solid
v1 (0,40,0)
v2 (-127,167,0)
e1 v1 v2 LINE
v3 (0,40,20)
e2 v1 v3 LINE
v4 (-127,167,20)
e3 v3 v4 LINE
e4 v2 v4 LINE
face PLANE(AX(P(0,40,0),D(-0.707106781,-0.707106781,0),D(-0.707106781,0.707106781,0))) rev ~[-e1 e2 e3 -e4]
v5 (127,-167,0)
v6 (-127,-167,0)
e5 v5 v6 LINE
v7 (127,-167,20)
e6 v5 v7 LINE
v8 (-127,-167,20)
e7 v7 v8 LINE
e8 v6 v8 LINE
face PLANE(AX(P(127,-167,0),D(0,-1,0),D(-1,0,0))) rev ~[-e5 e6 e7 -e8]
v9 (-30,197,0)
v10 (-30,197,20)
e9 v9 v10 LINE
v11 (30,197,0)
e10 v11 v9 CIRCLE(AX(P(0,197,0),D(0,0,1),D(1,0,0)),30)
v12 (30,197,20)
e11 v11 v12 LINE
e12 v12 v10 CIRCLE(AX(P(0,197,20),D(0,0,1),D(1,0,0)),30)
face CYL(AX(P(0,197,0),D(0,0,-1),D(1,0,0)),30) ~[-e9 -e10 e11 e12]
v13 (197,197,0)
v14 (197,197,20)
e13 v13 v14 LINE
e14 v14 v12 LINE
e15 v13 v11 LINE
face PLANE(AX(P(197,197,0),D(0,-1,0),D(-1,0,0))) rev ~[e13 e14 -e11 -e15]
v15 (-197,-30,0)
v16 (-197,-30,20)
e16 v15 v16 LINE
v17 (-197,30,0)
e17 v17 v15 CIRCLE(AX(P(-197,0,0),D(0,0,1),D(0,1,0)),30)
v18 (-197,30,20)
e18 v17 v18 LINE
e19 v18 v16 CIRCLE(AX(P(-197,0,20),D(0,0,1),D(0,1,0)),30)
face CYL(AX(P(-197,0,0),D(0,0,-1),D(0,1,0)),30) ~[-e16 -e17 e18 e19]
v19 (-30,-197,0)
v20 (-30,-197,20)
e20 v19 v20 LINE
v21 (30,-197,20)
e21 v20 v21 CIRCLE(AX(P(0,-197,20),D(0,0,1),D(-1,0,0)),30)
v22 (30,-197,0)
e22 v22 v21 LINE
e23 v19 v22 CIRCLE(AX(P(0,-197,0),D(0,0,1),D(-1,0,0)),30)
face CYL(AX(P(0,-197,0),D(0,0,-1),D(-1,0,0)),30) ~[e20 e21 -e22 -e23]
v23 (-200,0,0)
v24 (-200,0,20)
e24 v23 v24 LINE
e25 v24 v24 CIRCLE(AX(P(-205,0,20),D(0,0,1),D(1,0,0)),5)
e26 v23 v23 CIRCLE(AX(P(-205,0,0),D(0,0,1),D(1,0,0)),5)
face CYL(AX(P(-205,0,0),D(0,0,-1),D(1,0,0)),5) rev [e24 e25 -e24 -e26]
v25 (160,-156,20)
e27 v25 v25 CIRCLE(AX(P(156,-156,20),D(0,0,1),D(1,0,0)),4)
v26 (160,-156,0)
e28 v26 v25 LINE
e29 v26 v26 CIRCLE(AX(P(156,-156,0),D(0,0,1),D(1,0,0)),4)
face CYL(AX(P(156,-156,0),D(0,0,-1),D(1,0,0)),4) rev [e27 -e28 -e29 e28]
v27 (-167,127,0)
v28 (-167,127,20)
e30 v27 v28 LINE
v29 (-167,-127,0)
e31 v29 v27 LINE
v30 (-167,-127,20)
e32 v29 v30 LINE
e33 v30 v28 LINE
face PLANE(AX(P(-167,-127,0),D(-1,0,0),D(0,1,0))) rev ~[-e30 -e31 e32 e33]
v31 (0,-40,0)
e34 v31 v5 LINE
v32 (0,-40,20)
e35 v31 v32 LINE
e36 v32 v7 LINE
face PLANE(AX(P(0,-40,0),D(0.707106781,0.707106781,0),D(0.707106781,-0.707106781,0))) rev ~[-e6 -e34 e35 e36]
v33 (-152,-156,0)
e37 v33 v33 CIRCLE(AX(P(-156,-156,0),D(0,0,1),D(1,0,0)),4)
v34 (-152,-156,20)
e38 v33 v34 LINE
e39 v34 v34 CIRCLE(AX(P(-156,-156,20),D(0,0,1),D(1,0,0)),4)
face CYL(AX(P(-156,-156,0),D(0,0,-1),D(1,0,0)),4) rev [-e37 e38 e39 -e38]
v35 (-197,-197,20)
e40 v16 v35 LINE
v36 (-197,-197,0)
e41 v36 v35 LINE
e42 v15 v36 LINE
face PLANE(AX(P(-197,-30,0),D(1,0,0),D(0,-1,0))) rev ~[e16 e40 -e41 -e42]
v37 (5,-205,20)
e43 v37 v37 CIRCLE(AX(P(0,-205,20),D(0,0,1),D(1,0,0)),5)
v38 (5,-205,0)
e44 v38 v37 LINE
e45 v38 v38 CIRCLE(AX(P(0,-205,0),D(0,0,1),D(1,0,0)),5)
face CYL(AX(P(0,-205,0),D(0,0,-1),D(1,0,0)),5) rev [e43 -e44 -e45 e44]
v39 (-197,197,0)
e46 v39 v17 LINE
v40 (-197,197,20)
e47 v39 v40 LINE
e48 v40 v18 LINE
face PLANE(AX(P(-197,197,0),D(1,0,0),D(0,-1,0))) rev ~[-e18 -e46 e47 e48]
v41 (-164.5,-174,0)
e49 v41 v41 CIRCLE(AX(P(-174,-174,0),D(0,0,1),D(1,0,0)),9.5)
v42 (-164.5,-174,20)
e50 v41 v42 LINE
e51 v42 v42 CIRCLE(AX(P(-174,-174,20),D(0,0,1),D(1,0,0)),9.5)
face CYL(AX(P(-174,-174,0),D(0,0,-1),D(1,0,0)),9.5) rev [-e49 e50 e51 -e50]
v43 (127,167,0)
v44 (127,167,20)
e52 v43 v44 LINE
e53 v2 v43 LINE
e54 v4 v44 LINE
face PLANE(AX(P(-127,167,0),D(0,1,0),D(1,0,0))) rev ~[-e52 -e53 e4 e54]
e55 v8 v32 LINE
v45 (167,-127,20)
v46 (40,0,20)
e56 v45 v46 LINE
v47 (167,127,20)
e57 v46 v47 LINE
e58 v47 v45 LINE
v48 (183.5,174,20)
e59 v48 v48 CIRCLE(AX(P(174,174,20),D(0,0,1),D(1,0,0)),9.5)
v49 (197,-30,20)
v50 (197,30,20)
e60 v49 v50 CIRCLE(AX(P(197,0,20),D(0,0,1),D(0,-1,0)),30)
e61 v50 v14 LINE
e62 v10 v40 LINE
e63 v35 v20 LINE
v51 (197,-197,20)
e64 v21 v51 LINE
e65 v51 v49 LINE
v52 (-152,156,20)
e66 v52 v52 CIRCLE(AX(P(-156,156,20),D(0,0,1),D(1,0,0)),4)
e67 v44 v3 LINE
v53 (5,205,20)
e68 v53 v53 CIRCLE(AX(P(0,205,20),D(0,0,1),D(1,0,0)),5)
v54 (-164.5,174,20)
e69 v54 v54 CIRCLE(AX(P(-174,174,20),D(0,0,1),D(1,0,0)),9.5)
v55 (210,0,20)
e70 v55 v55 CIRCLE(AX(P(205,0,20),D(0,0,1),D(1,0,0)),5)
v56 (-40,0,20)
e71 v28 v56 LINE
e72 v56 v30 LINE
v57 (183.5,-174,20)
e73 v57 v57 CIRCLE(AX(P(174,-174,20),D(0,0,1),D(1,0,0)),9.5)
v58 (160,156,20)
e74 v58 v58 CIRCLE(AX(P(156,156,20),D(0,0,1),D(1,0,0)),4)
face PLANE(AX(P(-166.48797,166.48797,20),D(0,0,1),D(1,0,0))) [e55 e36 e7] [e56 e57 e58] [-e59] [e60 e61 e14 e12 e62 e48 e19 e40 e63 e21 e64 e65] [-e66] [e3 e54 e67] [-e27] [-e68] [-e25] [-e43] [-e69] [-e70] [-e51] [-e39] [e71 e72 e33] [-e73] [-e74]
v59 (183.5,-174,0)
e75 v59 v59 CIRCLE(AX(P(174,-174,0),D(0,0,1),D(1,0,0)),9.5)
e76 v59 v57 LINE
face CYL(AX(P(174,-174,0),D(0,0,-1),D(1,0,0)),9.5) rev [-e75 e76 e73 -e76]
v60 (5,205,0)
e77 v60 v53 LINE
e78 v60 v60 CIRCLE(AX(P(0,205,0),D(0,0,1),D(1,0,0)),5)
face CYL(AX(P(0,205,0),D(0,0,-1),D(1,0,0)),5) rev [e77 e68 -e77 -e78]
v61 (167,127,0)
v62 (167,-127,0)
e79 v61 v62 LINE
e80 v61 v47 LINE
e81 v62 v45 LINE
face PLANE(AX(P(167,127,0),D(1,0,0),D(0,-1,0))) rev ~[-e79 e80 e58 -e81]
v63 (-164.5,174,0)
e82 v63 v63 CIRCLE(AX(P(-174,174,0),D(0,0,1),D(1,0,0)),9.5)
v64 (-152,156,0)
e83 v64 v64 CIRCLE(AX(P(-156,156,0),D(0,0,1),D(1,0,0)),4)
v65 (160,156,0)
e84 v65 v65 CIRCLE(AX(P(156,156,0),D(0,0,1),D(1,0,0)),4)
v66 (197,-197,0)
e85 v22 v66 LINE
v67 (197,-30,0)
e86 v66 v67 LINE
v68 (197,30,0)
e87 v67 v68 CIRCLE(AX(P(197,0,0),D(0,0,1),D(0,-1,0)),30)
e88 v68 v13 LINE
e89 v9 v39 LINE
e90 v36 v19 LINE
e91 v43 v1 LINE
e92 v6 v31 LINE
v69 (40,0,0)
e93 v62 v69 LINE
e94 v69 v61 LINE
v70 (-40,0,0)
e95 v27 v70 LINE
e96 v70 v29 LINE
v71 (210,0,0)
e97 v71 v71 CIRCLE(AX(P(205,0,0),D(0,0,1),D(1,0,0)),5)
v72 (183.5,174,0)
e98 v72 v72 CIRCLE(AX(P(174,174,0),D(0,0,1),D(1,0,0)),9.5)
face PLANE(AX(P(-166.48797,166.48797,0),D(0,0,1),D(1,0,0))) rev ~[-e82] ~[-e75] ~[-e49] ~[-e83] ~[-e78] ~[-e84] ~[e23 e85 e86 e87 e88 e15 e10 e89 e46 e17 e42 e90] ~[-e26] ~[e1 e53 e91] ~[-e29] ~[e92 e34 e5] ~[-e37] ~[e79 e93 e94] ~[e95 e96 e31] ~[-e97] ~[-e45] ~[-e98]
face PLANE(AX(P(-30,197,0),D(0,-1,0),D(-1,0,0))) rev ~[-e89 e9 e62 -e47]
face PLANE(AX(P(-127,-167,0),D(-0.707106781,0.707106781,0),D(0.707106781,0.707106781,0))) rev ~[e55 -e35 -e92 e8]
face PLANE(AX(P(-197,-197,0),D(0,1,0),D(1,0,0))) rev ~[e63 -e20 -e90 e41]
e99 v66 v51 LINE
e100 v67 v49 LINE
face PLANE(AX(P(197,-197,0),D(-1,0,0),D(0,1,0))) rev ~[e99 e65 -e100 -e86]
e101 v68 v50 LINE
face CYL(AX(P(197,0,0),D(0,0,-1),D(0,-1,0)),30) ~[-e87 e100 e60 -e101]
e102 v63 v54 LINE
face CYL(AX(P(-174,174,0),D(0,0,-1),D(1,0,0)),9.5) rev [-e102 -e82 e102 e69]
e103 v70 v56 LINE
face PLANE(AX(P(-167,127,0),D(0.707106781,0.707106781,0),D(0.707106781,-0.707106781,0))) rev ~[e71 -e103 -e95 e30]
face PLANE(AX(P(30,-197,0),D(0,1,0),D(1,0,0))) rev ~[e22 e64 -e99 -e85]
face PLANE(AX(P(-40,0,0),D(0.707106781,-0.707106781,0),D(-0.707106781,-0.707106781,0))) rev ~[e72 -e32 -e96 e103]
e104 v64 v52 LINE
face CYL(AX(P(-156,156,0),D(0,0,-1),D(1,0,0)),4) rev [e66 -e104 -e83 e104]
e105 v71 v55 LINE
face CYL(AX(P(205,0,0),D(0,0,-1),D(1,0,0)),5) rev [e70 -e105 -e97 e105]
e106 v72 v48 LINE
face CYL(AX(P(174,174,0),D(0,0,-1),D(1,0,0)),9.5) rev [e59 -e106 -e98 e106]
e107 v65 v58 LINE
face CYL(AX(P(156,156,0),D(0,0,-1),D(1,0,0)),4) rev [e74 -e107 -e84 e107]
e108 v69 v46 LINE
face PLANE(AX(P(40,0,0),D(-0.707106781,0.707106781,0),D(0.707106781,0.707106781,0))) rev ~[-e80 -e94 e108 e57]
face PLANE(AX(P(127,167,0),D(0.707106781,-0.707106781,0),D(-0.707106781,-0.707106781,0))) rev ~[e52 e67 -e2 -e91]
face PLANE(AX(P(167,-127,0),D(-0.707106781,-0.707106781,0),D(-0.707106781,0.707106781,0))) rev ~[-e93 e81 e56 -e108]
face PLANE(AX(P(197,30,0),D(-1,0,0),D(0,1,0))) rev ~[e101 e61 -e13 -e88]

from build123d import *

# Parameters (mm, degrees)
F0_R     = 4
F0_R_2   = 9.5
F0_R_3   = 5
F1_DEPTH = 20


with BuildPart() as f1:
    # F0 (on Top) → F1 (new body)
    with BuildSketch(Plane.XY):
        Polygon((-197, 127), (-167, 127), (-127, 167), (-127, 197), (-197, 197), align=None)
        with Locations((-156, 156)):
            Circle(F0_R, mode=Mode.SUBTRACT)
        with Locations((-174, 174)):
            Circle(F0_R_2, mode=Mode.SUBTRACT)
        Polygon((-167, -127), (-167, 127), (-197, 127), (-197, 30), (-197, -30), (-197, -127), align=None)
        Polygon((-127, 197), (-127, 167), (127, 167), (127, 197), (30, 197), (-30, 197), align=None)
        Polygon((-127, -167), (-167, -127), (-197, -127), (-197, -197), (-127, -197), align=None)
        with Locations((-174, -174)):
            Circle(F0_R_2, mode=Mode.SUBTRACT)
        with Locations((-156, -156)):
            Circle(F0_R, mode=Mode.SUBTRACT)
        Polygon((127, 197), (127, 167), (167, 127), (197, 127), (197, 197), align=None)
        with Locations((156, 156)):
            Circle(F0_R, mode=Mode.SUBTRACT)
        with Locations((174, 174)):
            Circle(F0_R_2, mode=Mode.SUBTRACT)
        with BuildLine():
            Line((-197, -30), (-197, 30))
            ThreePointArc((-197, 30), (-227, 0), (-197, -30))
        make_face()
        with Locations((-205, 0)):
            Circle(F0_R_3, mode=Mode.SUBTRACT)
        Polygon((127, -167), (-127, -167), (-127, -197), (-30, -197), (30, -197), (127, -197), align=None)
        with BuildLine():
            ThreePointArc((30, 197), (0, 227), (-30, 197))
            Line((-30, 197), (30, 197))
        make_face()
        with Locations((0, 205)):
            Circle(F0_R_3, mode=Mode.SUBTRACT)
        Polygon((197, 127), (167, 127), (167, -127), (197, -127), (197, -30), (197, 30), align=None)
        Polygon((167, -127), (127, -167), (127, -197), (197, -197), (197, -127), align=None)
        with Locations((174, -174)):
            Circle(F0_R_2, mode=Mode.SUBTRACT)
        with Locations((156, -156)):
            Circle(F0_R, mode=Mode.SUBTRACT)
        with BuildLine():
            Line((30, -197), (-30, -197))
            ThreePointArc((-30, -197), (0, -227), (30, -197))
        make_face()
        with Locations((0, -205)):
            Circle(F0_R_3, mode=Mode.SUBTRACT)
        with BuildLine():
            ThreePointArc((197, -30), (227, 0), (197, 30))
            Line((197, 30), (197, -30))
        make_face()
        with Locations((205, 0)):
            Circle(F0_R_3, mode=Mode.SUBTRACT)
        Polygon((40, 0), (0, -40), (127, -167), (167, -127), align=None)
        Polygon((-40, 0), (-167, -127), (-127, -167), (0, -40), align=None)
        Polygon((-127, 167), (-167, 127), (-40, 0), (0, 40), align=None)
        Polygon((0, 40), (-40, 0), (0, -40), (40, 0), align=None)
        Polygon((167, 127), (127, 167), (0, 40), (40, 0), align=None)
    extrude(amount=F1_DEPTH)


solid = f1.part
